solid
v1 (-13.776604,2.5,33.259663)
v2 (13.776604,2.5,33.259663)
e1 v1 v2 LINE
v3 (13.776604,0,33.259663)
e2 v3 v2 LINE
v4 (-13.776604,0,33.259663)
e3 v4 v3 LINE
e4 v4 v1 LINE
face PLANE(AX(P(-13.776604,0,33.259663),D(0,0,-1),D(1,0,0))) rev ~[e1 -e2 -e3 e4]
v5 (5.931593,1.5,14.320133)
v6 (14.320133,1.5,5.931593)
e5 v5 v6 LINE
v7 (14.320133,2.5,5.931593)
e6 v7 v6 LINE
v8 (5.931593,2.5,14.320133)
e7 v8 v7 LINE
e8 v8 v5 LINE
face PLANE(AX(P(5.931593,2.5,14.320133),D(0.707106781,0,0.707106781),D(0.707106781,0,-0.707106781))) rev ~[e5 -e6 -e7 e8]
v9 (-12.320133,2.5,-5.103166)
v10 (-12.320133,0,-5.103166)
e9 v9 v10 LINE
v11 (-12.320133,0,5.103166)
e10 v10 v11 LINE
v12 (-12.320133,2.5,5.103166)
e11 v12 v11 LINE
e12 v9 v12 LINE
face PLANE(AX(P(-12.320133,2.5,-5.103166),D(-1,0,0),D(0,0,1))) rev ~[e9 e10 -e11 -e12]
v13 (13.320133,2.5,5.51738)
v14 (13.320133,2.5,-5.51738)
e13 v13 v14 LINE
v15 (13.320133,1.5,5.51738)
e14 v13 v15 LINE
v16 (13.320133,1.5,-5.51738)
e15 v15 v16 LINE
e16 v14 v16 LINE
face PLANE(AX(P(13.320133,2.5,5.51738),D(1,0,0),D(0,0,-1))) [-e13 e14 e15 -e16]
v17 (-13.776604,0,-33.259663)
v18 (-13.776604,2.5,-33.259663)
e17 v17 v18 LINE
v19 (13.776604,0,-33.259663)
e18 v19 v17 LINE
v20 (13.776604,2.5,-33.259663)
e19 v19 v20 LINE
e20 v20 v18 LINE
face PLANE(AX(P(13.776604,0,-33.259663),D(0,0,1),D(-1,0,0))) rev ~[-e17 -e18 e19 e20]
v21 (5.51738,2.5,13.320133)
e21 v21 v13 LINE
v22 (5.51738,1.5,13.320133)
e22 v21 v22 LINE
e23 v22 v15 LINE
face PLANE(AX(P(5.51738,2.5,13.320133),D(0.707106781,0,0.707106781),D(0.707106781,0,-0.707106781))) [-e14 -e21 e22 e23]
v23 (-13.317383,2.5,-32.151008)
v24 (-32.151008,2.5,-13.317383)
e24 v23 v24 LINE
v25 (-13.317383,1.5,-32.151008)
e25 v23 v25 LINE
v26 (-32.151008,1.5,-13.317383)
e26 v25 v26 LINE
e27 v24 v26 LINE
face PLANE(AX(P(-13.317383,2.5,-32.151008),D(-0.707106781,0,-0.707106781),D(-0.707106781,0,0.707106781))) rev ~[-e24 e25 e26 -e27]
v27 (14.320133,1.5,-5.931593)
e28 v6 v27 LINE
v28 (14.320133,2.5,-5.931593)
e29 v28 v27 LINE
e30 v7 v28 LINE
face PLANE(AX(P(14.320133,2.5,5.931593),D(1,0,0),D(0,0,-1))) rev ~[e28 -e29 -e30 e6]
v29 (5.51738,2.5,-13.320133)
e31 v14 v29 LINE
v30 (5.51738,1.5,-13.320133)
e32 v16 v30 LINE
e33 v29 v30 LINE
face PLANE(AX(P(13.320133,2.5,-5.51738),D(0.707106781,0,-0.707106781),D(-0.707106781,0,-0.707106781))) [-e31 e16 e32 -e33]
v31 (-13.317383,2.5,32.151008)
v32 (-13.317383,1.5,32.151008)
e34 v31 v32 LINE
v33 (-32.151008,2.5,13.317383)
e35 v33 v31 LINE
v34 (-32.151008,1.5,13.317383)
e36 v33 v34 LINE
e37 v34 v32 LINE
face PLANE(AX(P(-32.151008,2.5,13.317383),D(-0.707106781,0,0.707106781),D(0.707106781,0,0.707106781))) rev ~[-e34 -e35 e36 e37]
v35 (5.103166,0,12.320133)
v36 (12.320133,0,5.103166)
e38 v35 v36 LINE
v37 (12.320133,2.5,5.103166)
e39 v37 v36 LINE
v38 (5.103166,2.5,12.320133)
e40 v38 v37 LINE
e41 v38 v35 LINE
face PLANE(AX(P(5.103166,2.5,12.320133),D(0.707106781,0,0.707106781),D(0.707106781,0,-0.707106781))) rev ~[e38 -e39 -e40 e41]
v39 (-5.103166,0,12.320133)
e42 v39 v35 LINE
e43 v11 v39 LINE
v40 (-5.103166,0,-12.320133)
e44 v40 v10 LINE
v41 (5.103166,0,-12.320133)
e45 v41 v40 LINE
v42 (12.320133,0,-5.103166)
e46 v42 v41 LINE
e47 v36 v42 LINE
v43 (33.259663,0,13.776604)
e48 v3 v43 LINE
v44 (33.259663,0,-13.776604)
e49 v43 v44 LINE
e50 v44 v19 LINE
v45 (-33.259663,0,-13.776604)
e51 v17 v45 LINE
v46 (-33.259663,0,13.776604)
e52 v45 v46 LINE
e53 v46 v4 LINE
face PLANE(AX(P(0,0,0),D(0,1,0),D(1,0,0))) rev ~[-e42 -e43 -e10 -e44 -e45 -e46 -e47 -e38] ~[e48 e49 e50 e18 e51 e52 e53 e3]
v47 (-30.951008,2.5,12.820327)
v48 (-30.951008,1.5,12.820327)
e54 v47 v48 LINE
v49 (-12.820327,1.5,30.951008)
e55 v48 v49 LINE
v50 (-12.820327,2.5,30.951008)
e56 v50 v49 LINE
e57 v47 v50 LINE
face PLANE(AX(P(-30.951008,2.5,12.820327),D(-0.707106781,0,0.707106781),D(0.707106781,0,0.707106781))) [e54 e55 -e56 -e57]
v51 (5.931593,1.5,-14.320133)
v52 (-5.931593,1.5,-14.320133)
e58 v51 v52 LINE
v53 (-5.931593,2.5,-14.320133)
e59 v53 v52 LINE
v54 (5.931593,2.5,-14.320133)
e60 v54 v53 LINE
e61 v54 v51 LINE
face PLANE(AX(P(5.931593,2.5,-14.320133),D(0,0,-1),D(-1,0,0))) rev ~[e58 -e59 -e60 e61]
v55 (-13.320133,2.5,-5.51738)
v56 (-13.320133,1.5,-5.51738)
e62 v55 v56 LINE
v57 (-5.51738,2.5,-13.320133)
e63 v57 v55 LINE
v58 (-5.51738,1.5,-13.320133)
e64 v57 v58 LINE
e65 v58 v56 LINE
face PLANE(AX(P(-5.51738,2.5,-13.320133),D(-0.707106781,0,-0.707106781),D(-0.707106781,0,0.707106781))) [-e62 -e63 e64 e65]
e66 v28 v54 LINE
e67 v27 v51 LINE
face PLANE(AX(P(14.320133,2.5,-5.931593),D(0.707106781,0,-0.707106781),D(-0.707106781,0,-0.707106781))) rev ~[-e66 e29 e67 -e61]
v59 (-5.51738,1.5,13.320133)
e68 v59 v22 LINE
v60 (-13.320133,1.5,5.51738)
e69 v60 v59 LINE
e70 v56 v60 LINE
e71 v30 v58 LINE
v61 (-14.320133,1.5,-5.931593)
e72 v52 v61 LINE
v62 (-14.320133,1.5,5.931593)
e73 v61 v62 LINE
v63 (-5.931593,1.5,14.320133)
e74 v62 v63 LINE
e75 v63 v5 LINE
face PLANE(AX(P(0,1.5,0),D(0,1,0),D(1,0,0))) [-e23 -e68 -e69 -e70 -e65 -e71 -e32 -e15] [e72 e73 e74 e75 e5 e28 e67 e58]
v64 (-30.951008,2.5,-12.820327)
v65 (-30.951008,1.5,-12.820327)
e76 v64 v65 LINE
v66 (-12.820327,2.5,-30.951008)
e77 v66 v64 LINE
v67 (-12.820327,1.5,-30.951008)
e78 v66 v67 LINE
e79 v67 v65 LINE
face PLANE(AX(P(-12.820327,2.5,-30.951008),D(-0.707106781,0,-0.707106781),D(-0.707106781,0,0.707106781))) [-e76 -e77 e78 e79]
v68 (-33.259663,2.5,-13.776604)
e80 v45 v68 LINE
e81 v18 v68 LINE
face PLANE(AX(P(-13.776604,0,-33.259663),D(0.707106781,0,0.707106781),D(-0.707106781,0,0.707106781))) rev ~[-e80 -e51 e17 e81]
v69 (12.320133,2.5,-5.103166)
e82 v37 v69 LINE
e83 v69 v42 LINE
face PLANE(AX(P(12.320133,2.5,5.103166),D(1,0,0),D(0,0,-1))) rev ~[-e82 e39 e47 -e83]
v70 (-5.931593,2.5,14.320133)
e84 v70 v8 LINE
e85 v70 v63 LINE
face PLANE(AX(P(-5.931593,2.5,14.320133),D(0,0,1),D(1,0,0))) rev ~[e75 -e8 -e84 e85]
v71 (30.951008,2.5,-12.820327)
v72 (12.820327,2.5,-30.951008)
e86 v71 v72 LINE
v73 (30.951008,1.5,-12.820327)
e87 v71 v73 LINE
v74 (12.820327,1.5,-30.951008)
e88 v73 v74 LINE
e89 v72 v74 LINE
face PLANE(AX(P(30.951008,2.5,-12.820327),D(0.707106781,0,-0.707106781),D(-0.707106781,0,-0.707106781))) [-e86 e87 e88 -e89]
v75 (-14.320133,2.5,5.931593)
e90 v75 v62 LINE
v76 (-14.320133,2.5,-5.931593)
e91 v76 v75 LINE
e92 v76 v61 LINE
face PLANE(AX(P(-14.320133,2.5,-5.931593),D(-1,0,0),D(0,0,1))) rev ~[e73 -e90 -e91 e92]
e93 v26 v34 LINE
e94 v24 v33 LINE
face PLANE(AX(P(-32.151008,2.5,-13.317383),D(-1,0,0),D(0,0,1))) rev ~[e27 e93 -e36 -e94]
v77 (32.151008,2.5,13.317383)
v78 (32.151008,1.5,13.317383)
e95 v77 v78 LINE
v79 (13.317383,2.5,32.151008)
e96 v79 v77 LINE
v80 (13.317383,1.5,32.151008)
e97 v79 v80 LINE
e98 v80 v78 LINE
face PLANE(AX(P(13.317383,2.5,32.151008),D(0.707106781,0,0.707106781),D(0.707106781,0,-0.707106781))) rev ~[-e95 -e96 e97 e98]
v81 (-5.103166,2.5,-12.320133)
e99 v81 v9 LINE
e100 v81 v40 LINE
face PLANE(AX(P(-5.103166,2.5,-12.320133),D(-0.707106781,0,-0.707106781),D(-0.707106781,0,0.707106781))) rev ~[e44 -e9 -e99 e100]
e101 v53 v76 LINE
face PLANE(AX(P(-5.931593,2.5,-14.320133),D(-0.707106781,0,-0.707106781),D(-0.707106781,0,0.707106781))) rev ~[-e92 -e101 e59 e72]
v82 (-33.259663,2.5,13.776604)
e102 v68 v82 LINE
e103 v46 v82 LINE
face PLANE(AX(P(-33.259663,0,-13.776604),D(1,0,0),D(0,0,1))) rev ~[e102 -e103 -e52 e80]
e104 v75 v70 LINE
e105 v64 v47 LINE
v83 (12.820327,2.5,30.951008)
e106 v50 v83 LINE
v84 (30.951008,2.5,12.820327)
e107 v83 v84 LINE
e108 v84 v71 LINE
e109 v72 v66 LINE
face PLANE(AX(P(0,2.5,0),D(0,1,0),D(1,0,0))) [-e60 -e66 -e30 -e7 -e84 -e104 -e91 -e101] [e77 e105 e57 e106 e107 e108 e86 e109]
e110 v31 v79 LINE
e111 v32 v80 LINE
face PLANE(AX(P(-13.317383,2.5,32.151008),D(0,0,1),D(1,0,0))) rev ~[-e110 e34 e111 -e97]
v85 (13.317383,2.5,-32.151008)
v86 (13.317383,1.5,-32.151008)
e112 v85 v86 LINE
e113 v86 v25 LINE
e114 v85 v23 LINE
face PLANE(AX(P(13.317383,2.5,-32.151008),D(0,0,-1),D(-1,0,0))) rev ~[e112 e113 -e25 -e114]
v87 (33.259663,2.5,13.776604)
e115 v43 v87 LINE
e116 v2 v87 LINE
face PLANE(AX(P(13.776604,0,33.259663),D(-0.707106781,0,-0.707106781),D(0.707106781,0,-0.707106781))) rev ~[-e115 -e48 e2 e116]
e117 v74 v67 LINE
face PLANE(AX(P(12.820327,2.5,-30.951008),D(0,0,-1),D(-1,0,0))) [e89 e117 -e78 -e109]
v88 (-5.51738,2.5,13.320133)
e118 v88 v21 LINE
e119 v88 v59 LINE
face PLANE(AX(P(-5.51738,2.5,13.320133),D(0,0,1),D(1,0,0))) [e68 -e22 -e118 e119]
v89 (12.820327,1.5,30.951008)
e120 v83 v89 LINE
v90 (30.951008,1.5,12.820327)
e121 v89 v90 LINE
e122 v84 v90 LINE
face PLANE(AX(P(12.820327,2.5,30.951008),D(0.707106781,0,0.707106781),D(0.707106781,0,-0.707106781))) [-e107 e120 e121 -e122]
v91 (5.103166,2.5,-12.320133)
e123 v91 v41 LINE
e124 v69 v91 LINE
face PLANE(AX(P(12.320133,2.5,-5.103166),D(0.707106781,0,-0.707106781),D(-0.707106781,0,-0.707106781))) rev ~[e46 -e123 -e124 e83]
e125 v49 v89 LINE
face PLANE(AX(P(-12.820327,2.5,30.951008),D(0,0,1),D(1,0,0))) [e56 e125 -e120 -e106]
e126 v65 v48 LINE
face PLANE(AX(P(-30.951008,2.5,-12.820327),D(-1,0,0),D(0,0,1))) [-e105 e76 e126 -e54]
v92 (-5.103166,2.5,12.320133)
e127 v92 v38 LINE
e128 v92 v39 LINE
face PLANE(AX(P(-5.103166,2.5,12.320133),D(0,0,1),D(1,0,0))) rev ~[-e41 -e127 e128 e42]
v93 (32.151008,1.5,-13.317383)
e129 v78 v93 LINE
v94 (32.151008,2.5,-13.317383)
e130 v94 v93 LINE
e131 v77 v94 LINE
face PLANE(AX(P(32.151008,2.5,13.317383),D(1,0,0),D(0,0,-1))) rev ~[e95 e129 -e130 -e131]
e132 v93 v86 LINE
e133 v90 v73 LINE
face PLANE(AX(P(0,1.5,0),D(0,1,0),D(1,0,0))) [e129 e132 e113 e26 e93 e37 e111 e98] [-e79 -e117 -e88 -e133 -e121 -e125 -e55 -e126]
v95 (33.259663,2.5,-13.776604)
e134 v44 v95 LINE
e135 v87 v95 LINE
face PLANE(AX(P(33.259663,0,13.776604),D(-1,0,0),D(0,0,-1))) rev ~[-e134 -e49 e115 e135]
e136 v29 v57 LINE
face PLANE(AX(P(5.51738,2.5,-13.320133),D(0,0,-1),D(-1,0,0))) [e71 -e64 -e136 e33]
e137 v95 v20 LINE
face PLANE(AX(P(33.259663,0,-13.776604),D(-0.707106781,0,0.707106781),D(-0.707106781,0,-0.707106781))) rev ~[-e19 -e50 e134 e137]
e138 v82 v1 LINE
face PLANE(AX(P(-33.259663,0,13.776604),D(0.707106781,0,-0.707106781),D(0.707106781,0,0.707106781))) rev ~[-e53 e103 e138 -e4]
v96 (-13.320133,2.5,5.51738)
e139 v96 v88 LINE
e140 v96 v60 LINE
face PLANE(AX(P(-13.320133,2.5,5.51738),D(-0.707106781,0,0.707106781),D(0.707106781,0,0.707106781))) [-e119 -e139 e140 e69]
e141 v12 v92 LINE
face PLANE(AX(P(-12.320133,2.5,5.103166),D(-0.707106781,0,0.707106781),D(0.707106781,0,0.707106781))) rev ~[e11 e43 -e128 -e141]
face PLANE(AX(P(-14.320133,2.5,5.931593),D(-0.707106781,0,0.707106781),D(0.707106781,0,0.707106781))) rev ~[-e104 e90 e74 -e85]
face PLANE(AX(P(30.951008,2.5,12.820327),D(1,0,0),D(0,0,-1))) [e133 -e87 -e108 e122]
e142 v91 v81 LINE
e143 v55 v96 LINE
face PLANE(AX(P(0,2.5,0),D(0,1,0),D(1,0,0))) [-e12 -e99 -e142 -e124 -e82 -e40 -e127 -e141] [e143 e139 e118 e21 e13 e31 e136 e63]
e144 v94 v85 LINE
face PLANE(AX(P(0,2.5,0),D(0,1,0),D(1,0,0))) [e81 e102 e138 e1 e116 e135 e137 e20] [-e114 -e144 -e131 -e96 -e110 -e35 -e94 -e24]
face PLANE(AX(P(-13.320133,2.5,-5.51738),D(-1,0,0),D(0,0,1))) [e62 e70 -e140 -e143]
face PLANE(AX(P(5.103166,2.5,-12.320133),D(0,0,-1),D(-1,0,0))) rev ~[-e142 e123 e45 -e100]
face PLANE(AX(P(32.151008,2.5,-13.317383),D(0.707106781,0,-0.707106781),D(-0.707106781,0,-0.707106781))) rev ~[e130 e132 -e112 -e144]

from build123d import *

# Parameters (mm, degrees)
EXTRUDE_1_DEPTH     = 2.5
CUT_EXTRUDE_1_DEPTH = 1
CUT_EXTRUDE_2_DEPTH = 3.8
CUT_EXTRUDE_3_DEPTH = 1


with BuildPart() as part:
    # 스케치1 → 보스-돌출1 (new body)
    with BuildSketch(Plane(origin=(0, 0, 0), x_dir=(1, 0, 0), z_dir=(0, 1, 0))):
        Polygon((-13.776603565, -33.25966317), (13.776603565, -33.25966317), (33.25966317, -13.776603565), (33.25966317, 13.776603565), (13.776603565, 33.25966317), (-13.776603565, 33.25966317), (-33.25966317, 13.776603565), (-33.25966317, -13.776603565), align=None)
    extrude(amount=EXTRUDE_1_DEPTH)

    # 스케치2 → 컷-돌출1 (cut)
    with BuildSketch(Plane(origin=(0, 2.5, 0), x_dir=(1, 0, 0), z_dir=(0, 1, 0))):
        Polygon((13.317383446, -32.151007731), (32.151007731, -13.317383446), (32.151007731, 13.317383446), (13.317383446, 32.151007731), (-13.317383446, 32.151007731), (-32.151007731, 13.317383446), (-32.151007731, -13.317383446), (-13.317383446, -32.151007731), align=None)
        Polygon((12.820327171, -30.951007731), (30.951007731, -12.820327171), (30.951007731, 12.820327171), (12.820327171, 30.951007731), (-12.820327171, 30.951007731), (-30.951007731, 12.820327171), (-30.951007731, -12.820327171), (-12.820327171, -30.951007731), align=None, mode=Mode.SUBTRACT)
    extrude(amount=-CUT_EXTRUDE_1_DEPTH, mode=Mode.SUBTRACT)

    # 스케치4 → 컷-돌출2 (cut)
    with BuildSketch(Plane(origin=(0, 2.5, 0), x_dir=(1, 0, 0), z_dir=(0, 1, 0))):
        Polygon((-5.103166077, -12.320132754), (5.103166077, -12.320132754), (12.320132754, -5.103166077), (12.320132754, 5.103166077), (5.103166077, 12.320132754), (-5.103166077, 12.320132754), (-12.320132754, 5.103166077), (-12.320132754, -5.103166077), align=None)
    extrude(amount=-CUT_EXTRUDE_2_DEPTH, mode=Mode.SUBTRACT)

    # 스케치4<3> → 컷-돌출3 (cut)
    with BuildSketch(Plane(origin=(0, 2.5, 0), x_dir=(1, 0, 0), z_dir=(0, 1, 0))):
        Polygon((-5.931593202, -14.320132754), (5.931593202, -14.320132754), (14.320132754, -5.931593202), (14.320132754, 5.931593202), (5.931593202, 14.320132754), (-5.931593202, 14.320132754), (-14.320132754, 5.931593202), (-14.320132754, -5.931593202), align=None)
        Polygon((13.320132754, -5.517379639), (5.517379639, -13.320132754), (-5.517379639, -13.320132754), (-13.320132754, -5.517379639), (-13.320132754, 5.517379639), (-5.517379639, 13.320132754), (5.517379639, 13.320132754), (13.320132754, 5.517379639), align=None, mode=Mode.SUBTRACT)
    extrude(amount=-CUT_EXTRUDE_3_DEPTH, mode=Mode.SUBTRACT)


solid = part.part
